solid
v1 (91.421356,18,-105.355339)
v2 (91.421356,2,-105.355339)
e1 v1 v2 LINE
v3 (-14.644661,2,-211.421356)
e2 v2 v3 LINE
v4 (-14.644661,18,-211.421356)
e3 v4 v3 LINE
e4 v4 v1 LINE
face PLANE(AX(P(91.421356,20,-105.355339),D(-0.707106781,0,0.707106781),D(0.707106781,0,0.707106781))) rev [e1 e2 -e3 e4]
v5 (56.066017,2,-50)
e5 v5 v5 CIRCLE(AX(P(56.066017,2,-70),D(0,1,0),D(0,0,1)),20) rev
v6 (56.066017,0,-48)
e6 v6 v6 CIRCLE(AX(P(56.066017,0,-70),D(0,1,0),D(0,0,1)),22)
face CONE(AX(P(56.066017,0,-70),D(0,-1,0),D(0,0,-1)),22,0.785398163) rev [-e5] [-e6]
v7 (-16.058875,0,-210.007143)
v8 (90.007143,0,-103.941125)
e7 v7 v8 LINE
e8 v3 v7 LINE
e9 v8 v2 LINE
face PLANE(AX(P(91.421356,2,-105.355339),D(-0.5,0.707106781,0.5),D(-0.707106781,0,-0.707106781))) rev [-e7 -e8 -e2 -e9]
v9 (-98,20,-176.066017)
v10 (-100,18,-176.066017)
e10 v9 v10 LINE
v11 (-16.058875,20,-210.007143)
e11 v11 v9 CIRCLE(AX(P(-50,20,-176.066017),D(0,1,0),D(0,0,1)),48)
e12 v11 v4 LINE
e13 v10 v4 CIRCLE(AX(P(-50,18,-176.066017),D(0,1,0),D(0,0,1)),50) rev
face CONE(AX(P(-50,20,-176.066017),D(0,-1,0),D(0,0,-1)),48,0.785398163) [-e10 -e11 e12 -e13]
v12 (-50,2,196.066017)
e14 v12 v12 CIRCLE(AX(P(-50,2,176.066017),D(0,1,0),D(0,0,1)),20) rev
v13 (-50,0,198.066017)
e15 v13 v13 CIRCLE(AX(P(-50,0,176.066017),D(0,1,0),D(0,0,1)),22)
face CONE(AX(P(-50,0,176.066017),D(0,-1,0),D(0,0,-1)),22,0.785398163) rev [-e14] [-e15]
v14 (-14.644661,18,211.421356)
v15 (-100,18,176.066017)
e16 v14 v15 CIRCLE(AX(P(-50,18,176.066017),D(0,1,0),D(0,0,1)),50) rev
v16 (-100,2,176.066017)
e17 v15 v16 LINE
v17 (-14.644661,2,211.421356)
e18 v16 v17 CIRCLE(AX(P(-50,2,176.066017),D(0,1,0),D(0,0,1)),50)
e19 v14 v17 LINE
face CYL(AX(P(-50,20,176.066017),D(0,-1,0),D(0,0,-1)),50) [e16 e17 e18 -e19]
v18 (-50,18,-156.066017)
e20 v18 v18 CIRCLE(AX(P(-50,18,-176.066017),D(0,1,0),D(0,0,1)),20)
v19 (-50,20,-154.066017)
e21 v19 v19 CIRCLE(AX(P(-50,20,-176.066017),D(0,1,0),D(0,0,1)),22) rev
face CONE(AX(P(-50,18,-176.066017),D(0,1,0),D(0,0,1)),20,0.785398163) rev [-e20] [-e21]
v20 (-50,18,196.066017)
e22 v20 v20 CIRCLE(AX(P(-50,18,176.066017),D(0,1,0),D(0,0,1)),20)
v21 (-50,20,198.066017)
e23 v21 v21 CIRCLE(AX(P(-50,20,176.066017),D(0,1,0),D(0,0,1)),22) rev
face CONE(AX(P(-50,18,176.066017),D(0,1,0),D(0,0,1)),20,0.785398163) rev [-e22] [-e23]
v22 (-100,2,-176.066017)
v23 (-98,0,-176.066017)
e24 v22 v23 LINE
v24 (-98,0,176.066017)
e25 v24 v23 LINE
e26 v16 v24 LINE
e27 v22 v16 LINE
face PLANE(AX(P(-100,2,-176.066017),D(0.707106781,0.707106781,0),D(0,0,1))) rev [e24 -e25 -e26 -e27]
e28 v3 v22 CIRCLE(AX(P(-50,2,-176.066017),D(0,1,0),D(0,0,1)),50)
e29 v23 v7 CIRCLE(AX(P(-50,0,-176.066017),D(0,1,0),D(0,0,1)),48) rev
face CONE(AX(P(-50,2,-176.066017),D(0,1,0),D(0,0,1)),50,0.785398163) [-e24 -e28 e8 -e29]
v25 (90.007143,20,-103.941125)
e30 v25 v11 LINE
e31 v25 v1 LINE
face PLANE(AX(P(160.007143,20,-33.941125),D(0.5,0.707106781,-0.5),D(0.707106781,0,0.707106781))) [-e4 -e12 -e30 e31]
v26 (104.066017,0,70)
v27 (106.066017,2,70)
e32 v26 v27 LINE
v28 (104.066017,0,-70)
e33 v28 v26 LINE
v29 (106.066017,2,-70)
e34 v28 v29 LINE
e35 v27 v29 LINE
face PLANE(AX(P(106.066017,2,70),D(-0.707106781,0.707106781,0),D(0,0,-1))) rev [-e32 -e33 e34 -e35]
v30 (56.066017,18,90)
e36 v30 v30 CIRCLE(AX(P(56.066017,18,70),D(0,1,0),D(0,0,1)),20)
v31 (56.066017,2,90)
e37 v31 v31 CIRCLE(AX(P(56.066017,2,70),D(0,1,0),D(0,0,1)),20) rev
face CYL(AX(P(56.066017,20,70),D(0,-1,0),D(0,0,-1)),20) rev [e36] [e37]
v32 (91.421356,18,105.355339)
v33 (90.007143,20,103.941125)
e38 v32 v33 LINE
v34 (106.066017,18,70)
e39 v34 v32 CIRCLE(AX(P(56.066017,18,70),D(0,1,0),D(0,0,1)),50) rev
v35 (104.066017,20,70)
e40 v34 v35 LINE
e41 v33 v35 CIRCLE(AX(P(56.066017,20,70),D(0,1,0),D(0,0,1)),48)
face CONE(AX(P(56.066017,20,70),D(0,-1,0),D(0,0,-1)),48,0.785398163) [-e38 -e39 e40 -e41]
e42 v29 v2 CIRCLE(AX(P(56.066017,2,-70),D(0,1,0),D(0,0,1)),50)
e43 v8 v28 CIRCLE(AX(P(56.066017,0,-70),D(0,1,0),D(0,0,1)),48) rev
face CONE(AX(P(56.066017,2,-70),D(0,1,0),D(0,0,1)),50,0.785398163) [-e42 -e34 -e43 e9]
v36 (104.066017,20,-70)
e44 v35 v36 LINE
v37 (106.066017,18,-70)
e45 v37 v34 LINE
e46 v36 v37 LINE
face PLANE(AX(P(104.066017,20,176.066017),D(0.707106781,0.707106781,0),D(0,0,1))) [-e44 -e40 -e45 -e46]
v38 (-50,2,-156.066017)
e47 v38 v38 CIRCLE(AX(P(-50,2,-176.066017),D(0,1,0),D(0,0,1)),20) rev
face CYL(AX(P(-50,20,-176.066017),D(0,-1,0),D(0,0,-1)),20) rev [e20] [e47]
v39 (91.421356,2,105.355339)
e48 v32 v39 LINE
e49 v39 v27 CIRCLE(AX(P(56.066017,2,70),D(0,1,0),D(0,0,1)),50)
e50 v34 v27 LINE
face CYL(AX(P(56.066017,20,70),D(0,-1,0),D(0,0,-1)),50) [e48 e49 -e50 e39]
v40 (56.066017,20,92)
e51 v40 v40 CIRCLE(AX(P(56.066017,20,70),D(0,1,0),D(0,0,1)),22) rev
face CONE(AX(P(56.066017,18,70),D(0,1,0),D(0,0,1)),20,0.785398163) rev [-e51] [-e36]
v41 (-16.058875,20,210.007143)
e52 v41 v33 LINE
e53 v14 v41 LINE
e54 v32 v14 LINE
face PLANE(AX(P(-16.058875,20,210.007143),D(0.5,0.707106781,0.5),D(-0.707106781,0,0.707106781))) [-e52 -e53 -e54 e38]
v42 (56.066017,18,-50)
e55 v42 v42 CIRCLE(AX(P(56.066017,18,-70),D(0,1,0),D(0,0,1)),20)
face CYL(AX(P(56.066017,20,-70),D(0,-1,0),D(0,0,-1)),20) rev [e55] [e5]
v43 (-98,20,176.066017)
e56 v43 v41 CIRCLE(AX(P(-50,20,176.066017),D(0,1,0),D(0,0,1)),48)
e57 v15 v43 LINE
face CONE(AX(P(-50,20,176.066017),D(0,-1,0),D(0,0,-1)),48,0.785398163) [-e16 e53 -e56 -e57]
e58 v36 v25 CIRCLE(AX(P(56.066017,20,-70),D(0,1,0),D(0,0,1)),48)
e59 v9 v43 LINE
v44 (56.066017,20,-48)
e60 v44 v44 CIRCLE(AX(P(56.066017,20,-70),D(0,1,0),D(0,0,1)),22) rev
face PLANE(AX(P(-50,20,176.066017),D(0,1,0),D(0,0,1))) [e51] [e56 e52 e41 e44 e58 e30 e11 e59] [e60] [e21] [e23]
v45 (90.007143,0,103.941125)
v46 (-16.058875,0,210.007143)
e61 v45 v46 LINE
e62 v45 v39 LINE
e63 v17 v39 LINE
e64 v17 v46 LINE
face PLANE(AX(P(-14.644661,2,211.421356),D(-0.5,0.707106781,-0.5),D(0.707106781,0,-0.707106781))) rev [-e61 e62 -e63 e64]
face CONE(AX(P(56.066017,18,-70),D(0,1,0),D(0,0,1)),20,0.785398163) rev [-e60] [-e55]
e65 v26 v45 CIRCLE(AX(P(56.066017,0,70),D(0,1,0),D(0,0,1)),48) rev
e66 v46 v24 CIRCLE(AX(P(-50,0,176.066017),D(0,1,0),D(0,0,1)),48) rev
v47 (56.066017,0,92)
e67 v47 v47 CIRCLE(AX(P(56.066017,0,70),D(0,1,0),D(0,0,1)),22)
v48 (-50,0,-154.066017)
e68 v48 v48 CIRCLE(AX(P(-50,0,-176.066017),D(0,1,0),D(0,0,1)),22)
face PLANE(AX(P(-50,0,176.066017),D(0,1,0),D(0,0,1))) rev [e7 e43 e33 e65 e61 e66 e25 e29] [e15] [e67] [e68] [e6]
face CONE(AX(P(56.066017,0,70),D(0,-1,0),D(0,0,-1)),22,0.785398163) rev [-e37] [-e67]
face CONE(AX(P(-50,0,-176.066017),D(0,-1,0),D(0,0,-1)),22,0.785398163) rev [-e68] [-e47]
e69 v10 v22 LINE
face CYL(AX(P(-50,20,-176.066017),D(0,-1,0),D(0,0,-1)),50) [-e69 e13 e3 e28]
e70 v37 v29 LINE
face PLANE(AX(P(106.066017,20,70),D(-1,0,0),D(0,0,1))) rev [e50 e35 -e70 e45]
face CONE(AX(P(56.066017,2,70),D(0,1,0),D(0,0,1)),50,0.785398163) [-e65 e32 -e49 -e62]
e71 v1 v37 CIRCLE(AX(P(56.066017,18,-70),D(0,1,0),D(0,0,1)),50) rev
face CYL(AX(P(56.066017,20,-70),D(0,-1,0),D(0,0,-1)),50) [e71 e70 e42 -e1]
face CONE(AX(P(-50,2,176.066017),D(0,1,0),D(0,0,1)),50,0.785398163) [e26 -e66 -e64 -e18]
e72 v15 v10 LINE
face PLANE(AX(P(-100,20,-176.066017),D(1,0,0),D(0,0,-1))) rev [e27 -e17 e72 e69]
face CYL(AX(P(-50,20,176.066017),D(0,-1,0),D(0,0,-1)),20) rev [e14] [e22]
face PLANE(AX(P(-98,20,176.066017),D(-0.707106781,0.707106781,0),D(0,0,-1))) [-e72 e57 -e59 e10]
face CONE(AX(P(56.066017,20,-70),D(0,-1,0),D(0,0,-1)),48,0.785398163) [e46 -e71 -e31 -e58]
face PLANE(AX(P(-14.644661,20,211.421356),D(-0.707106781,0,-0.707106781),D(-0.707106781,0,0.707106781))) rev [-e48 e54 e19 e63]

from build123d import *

# Parameters (mm, degrees)
SKETCH1_R           = 20
BOSS_EXTRUDE1_DEPTH = 20
CHAMFER1_SIZE       = 2


with BuildPart() as part:
    # Sketch1 → Boss-Extrude1 (new body)
    with BuildSketch(Plane(origin=(0, 0, 0), x_dir=(1, 0, 0), z_dir=(0, 1, 0))):
        with BuildLine():
            Line((-100, 176.066017178), (-100, -176.066017178))
            ThreePointArc((-100, -176.066017178), (-69.134171618, -222.259993804), (-14.644660941, -211.421356237))
            Line((-14.644660941, -211.421356237), (91.421356237, -105.355339059))
            ThreePointArc((91.421356237, -105.355339059), (102.259993804, -89.134171618), (106.066017178, -70))
            Line((106.066017178, -70), (106.066017178, 70))
            ThreePointArc((106.066017178, 70), (102.259993804, 89.134171618), (91.421356237, 105.355339059))
            Line((91.421356237, 105.355339059), (-14.644660941, 211.421356237))
            ThreePointArc((-14.644660941, 211.421356237), (-69.134171618, 222.259993804), (-100, 176.066017178))
        make_face()
        with Locations(Location((-50, 176.066017178, 0), (0, 0, 270))):
            Circle(SKETCH1_R, mode=Mode.SUBTRACT)
        with Locations(Location((56.066017178, 70, 0), (0, 0, 270))):
            Circle(SKETCH1_R, mode=Mode.SUBTRACT)
        with Locations(Location((56.066017178, -70, 0), (0, 0, 270))):
            Circle(SKETCH1_R, mode=Mode.SUBTRACT)
        with Locations(Location((-50, -176.066017178, 0), (0, 0, 270))):
            Circle(SKETCH1_R, mode=Mode.SUBTRACT)
    extrude(amount=BOSS_EXTRUDE1_DEPTH)

    # Chamfer1
    chamfer1_edges = [part.edges().sort_by_distance(p)[0] for p in [
        (106.066017178, 0, 0),
        (102.259993804, 0, 89.134171618),
        (38.388347648, 0, 158.388347648),
        (-69.134171618, 0, 222.259993804),
        (102.259993804, 20, 89.134171618),
        (106.066017178, 20, 0),
        (102.259993804, 20, -89.134171618),
        (-50, 0, -196.066017178),
        (-50, 20, -196.066017178),
        (38.388347648, 20, -158.388347648),
        (56.066017178, 0, -90),
        (56.066017178, 20, -90),
        (-69.134171618, 20, -222.259993804),
        (56.066017178, 0, 50),
        (56.066017178, 20, 50),
        (-100, 20, 0),
        (-50, 0, 156.066017178),
        (-50, 20, 156.066017178),
        (-69.134171618, 20, 222.259993804),
        (-100, 0, 0),
        (38.388347648, 20, 158.388347648),
        (-69.134171618, 0, -222.259993804),
        (38.388347648, 0, -158.388347648),
        (102.259993804, 0, -89.134171618),
    ]]
    chamfer(chamfer1_edges, length=CHAMFER1_SIZE)


solid = part.part
